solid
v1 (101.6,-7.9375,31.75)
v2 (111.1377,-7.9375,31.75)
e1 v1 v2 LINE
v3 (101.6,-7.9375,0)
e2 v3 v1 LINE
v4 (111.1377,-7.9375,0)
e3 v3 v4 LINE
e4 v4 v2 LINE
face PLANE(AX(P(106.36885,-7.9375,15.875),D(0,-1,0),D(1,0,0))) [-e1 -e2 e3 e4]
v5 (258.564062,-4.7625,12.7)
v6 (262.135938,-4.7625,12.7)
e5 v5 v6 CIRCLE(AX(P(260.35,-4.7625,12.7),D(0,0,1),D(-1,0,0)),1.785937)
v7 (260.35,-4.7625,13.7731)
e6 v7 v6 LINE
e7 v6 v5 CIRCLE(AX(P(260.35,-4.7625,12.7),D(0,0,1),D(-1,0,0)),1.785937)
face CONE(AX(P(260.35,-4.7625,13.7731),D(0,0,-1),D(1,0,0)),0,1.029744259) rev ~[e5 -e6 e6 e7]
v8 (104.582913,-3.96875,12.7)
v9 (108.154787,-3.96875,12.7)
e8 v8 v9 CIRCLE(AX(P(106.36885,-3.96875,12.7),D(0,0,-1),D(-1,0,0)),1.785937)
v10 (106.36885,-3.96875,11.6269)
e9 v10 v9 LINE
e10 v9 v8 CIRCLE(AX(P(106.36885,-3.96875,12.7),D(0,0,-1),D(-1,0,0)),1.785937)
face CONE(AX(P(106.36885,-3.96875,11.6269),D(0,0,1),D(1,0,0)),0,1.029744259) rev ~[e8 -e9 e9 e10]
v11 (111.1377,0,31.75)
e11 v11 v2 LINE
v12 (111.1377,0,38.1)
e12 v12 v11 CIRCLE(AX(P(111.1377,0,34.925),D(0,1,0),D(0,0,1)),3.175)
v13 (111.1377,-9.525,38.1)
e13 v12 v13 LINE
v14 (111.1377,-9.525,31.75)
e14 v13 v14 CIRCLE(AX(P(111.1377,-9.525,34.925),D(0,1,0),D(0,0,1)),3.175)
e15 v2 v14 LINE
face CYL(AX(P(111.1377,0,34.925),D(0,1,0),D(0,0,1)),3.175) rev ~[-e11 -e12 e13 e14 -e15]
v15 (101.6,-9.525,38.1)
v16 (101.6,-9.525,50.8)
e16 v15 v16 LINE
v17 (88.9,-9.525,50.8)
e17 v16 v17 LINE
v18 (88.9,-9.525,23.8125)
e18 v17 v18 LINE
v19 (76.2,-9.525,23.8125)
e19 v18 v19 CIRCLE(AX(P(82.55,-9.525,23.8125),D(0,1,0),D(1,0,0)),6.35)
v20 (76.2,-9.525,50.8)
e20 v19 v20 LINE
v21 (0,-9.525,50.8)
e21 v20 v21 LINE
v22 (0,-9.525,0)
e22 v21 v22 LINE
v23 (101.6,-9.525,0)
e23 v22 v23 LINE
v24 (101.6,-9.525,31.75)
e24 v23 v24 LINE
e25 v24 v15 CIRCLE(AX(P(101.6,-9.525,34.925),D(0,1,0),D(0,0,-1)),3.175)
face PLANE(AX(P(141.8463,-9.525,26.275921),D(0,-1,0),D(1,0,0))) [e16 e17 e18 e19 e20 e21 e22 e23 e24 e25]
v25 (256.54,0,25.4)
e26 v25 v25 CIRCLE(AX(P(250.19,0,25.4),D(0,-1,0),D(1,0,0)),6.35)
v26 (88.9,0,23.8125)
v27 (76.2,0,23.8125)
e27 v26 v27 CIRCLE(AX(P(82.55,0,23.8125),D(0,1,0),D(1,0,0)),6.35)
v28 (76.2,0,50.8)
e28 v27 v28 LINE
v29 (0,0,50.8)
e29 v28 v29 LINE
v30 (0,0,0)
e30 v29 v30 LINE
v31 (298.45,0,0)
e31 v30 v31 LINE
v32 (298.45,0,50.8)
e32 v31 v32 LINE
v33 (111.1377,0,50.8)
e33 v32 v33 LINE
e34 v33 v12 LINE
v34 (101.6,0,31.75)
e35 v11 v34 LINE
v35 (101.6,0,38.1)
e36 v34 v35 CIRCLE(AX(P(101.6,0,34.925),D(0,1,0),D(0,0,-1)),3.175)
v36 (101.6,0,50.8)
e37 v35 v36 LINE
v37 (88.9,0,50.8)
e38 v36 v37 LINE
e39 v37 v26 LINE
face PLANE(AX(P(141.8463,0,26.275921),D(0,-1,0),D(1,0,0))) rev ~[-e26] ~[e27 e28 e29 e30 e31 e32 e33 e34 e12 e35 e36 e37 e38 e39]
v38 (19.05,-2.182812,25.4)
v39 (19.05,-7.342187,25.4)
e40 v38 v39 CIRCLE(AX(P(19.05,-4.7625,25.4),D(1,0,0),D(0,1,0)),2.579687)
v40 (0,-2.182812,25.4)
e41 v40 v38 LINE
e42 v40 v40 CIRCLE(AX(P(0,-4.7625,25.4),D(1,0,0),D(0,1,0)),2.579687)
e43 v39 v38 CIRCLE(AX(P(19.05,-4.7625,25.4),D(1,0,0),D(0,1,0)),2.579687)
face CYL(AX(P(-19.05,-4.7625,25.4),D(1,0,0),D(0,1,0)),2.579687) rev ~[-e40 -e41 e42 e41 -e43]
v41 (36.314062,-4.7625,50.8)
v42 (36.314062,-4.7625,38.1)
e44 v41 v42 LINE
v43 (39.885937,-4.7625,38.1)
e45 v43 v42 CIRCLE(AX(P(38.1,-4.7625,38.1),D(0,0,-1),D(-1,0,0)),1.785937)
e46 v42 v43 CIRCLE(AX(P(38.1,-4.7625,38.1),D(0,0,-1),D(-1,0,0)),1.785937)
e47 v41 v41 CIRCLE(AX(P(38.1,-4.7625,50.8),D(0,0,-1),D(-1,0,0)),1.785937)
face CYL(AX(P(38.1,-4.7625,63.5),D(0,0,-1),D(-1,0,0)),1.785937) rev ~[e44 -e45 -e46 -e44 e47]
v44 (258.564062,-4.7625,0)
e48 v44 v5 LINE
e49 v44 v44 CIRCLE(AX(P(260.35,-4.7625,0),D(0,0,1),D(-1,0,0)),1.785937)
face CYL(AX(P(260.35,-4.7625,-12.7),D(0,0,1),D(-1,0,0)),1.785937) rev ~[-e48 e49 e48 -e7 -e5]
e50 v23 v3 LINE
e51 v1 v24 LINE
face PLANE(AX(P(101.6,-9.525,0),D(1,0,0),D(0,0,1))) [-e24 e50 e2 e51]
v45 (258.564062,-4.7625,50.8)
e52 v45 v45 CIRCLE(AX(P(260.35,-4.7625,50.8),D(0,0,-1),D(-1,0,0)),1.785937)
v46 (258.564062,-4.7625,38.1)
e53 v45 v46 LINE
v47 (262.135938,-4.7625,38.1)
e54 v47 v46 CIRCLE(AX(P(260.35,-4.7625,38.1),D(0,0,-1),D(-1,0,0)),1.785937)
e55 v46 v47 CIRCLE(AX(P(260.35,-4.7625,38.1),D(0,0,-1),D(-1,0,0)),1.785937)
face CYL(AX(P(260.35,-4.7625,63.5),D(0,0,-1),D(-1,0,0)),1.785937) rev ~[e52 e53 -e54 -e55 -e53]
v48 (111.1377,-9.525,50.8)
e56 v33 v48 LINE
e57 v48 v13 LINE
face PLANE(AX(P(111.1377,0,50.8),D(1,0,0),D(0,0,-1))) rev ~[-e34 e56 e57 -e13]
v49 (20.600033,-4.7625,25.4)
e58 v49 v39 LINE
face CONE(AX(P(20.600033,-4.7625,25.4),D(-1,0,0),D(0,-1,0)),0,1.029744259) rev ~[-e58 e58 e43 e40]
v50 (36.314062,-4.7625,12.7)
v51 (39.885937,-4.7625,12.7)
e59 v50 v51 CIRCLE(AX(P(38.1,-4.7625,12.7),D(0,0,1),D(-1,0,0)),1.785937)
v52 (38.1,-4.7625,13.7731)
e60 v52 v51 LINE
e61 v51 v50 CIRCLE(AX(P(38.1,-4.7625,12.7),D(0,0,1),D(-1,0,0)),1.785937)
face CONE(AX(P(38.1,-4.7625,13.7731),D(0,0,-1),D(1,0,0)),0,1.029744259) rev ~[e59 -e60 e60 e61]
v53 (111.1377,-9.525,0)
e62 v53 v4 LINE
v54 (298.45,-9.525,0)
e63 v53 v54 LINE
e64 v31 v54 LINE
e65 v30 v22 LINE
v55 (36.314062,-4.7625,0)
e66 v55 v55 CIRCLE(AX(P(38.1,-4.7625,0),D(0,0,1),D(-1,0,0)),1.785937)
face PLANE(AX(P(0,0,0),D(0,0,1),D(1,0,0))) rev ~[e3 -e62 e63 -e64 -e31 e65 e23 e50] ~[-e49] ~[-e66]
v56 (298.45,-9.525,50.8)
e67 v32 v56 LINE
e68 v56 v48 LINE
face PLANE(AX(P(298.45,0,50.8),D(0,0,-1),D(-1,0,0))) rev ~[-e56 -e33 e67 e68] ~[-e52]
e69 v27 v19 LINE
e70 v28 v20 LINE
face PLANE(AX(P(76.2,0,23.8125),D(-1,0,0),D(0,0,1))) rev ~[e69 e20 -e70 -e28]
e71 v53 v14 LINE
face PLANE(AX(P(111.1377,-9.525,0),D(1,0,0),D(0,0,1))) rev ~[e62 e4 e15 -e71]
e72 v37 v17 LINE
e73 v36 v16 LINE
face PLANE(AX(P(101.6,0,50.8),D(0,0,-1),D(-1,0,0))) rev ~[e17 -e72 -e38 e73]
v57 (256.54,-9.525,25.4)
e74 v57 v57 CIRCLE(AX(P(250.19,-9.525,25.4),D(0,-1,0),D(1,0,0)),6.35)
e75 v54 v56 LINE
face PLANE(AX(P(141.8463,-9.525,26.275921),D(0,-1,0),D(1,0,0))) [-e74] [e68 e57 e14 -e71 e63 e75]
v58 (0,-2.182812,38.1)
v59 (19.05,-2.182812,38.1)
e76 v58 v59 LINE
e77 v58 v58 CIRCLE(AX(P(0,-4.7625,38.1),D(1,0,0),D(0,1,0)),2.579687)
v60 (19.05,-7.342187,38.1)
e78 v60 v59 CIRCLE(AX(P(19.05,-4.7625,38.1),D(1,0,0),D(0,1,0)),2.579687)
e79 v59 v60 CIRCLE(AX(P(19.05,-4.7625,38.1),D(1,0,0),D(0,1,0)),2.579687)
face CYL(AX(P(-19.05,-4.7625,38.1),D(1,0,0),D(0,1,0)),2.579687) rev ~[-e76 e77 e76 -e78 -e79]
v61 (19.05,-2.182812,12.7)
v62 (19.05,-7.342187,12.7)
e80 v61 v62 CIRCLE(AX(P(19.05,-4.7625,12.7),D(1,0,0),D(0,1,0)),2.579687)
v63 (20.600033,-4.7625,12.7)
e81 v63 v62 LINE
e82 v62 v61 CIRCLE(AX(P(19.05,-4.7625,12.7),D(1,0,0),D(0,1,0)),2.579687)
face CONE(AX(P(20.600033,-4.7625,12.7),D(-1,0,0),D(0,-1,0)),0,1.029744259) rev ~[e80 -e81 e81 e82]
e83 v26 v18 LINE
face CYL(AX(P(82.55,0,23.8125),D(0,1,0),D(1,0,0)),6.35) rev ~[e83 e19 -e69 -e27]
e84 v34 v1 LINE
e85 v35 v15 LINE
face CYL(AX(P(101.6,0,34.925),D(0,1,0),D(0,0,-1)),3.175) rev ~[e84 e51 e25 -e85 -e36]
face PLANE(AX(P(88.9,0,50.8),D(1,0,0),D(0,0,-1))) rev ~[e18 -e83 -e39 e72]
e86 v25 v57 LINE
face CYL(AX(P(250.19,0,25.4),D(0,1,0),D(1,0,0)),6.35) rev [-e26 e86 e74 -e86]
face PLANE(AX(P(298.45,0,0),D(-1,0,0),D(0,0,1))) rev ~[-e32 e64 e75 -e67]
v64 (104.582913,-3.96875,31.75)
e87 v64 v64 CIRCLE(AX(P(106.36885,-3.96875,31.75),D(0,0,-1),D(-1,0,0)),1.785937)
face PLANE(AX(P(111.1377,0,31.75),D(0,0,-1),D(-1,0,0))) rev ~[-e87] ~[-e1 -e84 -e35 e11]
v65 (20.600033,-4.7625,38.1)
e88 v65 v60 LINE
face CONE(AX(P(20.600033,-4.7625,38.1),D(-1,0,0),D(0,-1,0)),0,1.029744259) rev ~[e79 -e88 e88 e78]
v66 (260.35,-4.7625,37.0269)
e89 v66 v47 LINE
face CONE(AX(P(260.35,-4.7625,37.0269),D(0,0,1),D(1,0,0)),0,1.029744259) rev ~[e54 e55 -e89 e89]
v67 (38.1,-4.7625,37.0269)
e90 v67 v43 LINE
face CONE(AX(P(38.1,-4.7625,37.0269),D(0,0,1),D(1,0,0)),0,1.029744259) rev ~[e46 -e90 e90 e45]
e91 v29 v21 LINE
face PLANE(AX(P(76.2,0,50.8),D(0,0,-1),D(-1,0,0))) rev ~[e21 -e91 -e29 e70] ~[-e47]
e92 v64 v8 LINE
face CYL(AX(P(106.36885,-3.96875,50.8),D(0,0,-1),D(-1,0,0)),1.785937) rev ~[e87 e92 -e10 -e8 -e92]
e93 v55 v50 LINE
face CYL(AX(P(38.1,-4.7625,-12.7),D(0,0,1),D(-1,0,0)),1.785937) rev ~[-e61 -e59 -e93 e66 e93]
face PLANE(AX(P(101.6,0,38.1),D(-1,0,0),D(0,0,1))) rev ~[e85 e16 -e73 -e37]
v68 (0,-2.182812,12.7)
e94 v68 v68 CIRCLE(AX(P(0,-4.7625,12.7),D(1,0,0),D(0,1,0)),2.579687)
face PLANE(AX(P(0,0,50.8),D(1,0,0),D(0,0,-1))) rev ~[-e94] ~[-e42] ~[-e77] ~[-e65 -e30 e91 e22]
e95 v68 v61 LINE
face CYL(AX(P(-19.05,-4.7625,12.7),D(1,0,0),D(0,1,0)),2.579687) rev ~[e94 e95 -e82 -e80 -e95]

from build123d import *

# Parameters (mm, degrees)
F0_R            = 6.35
F1_DEPTH        = 9.525
F2_W            = 9.5377
F2_H            = 31.75
F3_DEPTH        = 1.5875
F5_D            = 5.159375
F5_DEPTH        = 19.05
F5_TIP          = 1.5500326281
F7_D            = 3.571875
F7_DEPTH        = 19.05
F7_TIP          = 1.0730995118
F10_D           = 3.571875
F10_DEPTH       = 12.7
F10_TIP         = 1.0730995118
F10_ON_F9_D     = 3.571875
F10_ON_F9_DEPTH = 12.7
F10_ON_F9_TIP   = 1.0730995118


with BuildPart() as f1:
    # F0 (on Front) → F1 (new body)
    with BuildSketch(Plane.XZ):
        with BuildLine():
            Line((0, 50.8), (0, 0))
            Line((0, 0), (298.45, 0))
            Line((298.45, 0), (298.45, 50.8))
            Line((298.45, 50.8), (111.1377, 50.8))
            Line((111.1377, 50.8), (111.1377, 38.1))
            ThreePointArc((111.1377, 38.1), (114.3127, 34.925), (111.1377, 31.75))
            Line((111.1377, 31.75), (101.6, 31.75))
            ThreePointArc((101.6, 31.75), (98.425, 34.925), (101.6, 38.1))
            Line((101.6, 38.1), (101.6, 50.8))
            Line((101.6, 50.8), (88.9, 50.8))
            Line((88.9, 50.8), (88.9, 23.8125))
            ThreePointArc((88.9, 23.8125), (82.55, 17.4625), (76.2, 23.8125))
            Line((76.2, 23.8125), (76.2, 50.8))
            Line((76.2, 50.8), (0, 50.8))
        make_face()
        with Locations((250.19, 25.4)):
            Circle(F0_R, mode=Mode.SUBTRACT)
    extrude(amount=F1_DEPTH)

    # F2 (on face) → F3 (cut)
    with BuildSketch(Plane.XZ.offset(9.525)):
        with Locations((106.36885, 15.875)):
            Rectangle(F2_W, F2_H)
    extrude(amount=-F3_DEPTH, mode=Mode.SUBTRACT)

    # F5
    with Locations(Plane(origin=(0, 0, 0), x_dir=(0, -1, 0), z_dir=(-1, 0, 0))):
        with Locations((4.7625, 38.1), (4.7625, 25.4), (4.7625, 12.7)):
            Hole(F5_D / 2, depth=F5_DEPTH)
            with Locations((0, 0, -(F5_DEPTH + F5_TIP / 2))):  # 118° drill point
                Cone(0, F5_D / 2, F5_TIP, mode=Mode.SUBTRACT)

    # F7
    with Locations(Plane.XY.offset(31.75)):
        with Locations((106.36885, -3.96875)):
            Hole(F7_D / 2, depth=F7_DEPTH)
            with Locations((0, 0, -(F7_DEPTH + F7_TIP / 2))):  # 118° drill point
                Cone(0, F7_D / 2, F7_TIP, mode=Mode.SUBTRACT)

    # F10
    with Locations(Plane.XY.offset(50.8)):
        with Locations((38.1, -4.7625), (260.35, -4.7625)):
            Hole(F10_D / 2, depth=F10_DEPTH)
            with Locations((0, 0, -(F10_DEPTH + F10_TIP / 2))):  # 118° drill point
                Cone(0, F10_D / 2, F10_TIP, mode=Mode.SUBTRACT)

    # F10 on F9
    with Locations(Plane(origin=(0, 0, 0), x_dir=(1, 0, 0), z_dir=(0, 0, -1))):
        with Locations((260.35, 4.7625), (38.1, 4.7625)):
            Hole(F10_ON_F9_D / 2, depth=F10_ON_F9_DEPTH)
            with Locations((0, 0, -(F10_ON_F9_DEPTH + F10_ON_F9_TIP / 2))):  # 118° drill point
                Cone(0, F10_ON_F9_D / 2, F10_ON_F9_TIP, mode=Mode.SUBTRACT)


solid = f1.part
